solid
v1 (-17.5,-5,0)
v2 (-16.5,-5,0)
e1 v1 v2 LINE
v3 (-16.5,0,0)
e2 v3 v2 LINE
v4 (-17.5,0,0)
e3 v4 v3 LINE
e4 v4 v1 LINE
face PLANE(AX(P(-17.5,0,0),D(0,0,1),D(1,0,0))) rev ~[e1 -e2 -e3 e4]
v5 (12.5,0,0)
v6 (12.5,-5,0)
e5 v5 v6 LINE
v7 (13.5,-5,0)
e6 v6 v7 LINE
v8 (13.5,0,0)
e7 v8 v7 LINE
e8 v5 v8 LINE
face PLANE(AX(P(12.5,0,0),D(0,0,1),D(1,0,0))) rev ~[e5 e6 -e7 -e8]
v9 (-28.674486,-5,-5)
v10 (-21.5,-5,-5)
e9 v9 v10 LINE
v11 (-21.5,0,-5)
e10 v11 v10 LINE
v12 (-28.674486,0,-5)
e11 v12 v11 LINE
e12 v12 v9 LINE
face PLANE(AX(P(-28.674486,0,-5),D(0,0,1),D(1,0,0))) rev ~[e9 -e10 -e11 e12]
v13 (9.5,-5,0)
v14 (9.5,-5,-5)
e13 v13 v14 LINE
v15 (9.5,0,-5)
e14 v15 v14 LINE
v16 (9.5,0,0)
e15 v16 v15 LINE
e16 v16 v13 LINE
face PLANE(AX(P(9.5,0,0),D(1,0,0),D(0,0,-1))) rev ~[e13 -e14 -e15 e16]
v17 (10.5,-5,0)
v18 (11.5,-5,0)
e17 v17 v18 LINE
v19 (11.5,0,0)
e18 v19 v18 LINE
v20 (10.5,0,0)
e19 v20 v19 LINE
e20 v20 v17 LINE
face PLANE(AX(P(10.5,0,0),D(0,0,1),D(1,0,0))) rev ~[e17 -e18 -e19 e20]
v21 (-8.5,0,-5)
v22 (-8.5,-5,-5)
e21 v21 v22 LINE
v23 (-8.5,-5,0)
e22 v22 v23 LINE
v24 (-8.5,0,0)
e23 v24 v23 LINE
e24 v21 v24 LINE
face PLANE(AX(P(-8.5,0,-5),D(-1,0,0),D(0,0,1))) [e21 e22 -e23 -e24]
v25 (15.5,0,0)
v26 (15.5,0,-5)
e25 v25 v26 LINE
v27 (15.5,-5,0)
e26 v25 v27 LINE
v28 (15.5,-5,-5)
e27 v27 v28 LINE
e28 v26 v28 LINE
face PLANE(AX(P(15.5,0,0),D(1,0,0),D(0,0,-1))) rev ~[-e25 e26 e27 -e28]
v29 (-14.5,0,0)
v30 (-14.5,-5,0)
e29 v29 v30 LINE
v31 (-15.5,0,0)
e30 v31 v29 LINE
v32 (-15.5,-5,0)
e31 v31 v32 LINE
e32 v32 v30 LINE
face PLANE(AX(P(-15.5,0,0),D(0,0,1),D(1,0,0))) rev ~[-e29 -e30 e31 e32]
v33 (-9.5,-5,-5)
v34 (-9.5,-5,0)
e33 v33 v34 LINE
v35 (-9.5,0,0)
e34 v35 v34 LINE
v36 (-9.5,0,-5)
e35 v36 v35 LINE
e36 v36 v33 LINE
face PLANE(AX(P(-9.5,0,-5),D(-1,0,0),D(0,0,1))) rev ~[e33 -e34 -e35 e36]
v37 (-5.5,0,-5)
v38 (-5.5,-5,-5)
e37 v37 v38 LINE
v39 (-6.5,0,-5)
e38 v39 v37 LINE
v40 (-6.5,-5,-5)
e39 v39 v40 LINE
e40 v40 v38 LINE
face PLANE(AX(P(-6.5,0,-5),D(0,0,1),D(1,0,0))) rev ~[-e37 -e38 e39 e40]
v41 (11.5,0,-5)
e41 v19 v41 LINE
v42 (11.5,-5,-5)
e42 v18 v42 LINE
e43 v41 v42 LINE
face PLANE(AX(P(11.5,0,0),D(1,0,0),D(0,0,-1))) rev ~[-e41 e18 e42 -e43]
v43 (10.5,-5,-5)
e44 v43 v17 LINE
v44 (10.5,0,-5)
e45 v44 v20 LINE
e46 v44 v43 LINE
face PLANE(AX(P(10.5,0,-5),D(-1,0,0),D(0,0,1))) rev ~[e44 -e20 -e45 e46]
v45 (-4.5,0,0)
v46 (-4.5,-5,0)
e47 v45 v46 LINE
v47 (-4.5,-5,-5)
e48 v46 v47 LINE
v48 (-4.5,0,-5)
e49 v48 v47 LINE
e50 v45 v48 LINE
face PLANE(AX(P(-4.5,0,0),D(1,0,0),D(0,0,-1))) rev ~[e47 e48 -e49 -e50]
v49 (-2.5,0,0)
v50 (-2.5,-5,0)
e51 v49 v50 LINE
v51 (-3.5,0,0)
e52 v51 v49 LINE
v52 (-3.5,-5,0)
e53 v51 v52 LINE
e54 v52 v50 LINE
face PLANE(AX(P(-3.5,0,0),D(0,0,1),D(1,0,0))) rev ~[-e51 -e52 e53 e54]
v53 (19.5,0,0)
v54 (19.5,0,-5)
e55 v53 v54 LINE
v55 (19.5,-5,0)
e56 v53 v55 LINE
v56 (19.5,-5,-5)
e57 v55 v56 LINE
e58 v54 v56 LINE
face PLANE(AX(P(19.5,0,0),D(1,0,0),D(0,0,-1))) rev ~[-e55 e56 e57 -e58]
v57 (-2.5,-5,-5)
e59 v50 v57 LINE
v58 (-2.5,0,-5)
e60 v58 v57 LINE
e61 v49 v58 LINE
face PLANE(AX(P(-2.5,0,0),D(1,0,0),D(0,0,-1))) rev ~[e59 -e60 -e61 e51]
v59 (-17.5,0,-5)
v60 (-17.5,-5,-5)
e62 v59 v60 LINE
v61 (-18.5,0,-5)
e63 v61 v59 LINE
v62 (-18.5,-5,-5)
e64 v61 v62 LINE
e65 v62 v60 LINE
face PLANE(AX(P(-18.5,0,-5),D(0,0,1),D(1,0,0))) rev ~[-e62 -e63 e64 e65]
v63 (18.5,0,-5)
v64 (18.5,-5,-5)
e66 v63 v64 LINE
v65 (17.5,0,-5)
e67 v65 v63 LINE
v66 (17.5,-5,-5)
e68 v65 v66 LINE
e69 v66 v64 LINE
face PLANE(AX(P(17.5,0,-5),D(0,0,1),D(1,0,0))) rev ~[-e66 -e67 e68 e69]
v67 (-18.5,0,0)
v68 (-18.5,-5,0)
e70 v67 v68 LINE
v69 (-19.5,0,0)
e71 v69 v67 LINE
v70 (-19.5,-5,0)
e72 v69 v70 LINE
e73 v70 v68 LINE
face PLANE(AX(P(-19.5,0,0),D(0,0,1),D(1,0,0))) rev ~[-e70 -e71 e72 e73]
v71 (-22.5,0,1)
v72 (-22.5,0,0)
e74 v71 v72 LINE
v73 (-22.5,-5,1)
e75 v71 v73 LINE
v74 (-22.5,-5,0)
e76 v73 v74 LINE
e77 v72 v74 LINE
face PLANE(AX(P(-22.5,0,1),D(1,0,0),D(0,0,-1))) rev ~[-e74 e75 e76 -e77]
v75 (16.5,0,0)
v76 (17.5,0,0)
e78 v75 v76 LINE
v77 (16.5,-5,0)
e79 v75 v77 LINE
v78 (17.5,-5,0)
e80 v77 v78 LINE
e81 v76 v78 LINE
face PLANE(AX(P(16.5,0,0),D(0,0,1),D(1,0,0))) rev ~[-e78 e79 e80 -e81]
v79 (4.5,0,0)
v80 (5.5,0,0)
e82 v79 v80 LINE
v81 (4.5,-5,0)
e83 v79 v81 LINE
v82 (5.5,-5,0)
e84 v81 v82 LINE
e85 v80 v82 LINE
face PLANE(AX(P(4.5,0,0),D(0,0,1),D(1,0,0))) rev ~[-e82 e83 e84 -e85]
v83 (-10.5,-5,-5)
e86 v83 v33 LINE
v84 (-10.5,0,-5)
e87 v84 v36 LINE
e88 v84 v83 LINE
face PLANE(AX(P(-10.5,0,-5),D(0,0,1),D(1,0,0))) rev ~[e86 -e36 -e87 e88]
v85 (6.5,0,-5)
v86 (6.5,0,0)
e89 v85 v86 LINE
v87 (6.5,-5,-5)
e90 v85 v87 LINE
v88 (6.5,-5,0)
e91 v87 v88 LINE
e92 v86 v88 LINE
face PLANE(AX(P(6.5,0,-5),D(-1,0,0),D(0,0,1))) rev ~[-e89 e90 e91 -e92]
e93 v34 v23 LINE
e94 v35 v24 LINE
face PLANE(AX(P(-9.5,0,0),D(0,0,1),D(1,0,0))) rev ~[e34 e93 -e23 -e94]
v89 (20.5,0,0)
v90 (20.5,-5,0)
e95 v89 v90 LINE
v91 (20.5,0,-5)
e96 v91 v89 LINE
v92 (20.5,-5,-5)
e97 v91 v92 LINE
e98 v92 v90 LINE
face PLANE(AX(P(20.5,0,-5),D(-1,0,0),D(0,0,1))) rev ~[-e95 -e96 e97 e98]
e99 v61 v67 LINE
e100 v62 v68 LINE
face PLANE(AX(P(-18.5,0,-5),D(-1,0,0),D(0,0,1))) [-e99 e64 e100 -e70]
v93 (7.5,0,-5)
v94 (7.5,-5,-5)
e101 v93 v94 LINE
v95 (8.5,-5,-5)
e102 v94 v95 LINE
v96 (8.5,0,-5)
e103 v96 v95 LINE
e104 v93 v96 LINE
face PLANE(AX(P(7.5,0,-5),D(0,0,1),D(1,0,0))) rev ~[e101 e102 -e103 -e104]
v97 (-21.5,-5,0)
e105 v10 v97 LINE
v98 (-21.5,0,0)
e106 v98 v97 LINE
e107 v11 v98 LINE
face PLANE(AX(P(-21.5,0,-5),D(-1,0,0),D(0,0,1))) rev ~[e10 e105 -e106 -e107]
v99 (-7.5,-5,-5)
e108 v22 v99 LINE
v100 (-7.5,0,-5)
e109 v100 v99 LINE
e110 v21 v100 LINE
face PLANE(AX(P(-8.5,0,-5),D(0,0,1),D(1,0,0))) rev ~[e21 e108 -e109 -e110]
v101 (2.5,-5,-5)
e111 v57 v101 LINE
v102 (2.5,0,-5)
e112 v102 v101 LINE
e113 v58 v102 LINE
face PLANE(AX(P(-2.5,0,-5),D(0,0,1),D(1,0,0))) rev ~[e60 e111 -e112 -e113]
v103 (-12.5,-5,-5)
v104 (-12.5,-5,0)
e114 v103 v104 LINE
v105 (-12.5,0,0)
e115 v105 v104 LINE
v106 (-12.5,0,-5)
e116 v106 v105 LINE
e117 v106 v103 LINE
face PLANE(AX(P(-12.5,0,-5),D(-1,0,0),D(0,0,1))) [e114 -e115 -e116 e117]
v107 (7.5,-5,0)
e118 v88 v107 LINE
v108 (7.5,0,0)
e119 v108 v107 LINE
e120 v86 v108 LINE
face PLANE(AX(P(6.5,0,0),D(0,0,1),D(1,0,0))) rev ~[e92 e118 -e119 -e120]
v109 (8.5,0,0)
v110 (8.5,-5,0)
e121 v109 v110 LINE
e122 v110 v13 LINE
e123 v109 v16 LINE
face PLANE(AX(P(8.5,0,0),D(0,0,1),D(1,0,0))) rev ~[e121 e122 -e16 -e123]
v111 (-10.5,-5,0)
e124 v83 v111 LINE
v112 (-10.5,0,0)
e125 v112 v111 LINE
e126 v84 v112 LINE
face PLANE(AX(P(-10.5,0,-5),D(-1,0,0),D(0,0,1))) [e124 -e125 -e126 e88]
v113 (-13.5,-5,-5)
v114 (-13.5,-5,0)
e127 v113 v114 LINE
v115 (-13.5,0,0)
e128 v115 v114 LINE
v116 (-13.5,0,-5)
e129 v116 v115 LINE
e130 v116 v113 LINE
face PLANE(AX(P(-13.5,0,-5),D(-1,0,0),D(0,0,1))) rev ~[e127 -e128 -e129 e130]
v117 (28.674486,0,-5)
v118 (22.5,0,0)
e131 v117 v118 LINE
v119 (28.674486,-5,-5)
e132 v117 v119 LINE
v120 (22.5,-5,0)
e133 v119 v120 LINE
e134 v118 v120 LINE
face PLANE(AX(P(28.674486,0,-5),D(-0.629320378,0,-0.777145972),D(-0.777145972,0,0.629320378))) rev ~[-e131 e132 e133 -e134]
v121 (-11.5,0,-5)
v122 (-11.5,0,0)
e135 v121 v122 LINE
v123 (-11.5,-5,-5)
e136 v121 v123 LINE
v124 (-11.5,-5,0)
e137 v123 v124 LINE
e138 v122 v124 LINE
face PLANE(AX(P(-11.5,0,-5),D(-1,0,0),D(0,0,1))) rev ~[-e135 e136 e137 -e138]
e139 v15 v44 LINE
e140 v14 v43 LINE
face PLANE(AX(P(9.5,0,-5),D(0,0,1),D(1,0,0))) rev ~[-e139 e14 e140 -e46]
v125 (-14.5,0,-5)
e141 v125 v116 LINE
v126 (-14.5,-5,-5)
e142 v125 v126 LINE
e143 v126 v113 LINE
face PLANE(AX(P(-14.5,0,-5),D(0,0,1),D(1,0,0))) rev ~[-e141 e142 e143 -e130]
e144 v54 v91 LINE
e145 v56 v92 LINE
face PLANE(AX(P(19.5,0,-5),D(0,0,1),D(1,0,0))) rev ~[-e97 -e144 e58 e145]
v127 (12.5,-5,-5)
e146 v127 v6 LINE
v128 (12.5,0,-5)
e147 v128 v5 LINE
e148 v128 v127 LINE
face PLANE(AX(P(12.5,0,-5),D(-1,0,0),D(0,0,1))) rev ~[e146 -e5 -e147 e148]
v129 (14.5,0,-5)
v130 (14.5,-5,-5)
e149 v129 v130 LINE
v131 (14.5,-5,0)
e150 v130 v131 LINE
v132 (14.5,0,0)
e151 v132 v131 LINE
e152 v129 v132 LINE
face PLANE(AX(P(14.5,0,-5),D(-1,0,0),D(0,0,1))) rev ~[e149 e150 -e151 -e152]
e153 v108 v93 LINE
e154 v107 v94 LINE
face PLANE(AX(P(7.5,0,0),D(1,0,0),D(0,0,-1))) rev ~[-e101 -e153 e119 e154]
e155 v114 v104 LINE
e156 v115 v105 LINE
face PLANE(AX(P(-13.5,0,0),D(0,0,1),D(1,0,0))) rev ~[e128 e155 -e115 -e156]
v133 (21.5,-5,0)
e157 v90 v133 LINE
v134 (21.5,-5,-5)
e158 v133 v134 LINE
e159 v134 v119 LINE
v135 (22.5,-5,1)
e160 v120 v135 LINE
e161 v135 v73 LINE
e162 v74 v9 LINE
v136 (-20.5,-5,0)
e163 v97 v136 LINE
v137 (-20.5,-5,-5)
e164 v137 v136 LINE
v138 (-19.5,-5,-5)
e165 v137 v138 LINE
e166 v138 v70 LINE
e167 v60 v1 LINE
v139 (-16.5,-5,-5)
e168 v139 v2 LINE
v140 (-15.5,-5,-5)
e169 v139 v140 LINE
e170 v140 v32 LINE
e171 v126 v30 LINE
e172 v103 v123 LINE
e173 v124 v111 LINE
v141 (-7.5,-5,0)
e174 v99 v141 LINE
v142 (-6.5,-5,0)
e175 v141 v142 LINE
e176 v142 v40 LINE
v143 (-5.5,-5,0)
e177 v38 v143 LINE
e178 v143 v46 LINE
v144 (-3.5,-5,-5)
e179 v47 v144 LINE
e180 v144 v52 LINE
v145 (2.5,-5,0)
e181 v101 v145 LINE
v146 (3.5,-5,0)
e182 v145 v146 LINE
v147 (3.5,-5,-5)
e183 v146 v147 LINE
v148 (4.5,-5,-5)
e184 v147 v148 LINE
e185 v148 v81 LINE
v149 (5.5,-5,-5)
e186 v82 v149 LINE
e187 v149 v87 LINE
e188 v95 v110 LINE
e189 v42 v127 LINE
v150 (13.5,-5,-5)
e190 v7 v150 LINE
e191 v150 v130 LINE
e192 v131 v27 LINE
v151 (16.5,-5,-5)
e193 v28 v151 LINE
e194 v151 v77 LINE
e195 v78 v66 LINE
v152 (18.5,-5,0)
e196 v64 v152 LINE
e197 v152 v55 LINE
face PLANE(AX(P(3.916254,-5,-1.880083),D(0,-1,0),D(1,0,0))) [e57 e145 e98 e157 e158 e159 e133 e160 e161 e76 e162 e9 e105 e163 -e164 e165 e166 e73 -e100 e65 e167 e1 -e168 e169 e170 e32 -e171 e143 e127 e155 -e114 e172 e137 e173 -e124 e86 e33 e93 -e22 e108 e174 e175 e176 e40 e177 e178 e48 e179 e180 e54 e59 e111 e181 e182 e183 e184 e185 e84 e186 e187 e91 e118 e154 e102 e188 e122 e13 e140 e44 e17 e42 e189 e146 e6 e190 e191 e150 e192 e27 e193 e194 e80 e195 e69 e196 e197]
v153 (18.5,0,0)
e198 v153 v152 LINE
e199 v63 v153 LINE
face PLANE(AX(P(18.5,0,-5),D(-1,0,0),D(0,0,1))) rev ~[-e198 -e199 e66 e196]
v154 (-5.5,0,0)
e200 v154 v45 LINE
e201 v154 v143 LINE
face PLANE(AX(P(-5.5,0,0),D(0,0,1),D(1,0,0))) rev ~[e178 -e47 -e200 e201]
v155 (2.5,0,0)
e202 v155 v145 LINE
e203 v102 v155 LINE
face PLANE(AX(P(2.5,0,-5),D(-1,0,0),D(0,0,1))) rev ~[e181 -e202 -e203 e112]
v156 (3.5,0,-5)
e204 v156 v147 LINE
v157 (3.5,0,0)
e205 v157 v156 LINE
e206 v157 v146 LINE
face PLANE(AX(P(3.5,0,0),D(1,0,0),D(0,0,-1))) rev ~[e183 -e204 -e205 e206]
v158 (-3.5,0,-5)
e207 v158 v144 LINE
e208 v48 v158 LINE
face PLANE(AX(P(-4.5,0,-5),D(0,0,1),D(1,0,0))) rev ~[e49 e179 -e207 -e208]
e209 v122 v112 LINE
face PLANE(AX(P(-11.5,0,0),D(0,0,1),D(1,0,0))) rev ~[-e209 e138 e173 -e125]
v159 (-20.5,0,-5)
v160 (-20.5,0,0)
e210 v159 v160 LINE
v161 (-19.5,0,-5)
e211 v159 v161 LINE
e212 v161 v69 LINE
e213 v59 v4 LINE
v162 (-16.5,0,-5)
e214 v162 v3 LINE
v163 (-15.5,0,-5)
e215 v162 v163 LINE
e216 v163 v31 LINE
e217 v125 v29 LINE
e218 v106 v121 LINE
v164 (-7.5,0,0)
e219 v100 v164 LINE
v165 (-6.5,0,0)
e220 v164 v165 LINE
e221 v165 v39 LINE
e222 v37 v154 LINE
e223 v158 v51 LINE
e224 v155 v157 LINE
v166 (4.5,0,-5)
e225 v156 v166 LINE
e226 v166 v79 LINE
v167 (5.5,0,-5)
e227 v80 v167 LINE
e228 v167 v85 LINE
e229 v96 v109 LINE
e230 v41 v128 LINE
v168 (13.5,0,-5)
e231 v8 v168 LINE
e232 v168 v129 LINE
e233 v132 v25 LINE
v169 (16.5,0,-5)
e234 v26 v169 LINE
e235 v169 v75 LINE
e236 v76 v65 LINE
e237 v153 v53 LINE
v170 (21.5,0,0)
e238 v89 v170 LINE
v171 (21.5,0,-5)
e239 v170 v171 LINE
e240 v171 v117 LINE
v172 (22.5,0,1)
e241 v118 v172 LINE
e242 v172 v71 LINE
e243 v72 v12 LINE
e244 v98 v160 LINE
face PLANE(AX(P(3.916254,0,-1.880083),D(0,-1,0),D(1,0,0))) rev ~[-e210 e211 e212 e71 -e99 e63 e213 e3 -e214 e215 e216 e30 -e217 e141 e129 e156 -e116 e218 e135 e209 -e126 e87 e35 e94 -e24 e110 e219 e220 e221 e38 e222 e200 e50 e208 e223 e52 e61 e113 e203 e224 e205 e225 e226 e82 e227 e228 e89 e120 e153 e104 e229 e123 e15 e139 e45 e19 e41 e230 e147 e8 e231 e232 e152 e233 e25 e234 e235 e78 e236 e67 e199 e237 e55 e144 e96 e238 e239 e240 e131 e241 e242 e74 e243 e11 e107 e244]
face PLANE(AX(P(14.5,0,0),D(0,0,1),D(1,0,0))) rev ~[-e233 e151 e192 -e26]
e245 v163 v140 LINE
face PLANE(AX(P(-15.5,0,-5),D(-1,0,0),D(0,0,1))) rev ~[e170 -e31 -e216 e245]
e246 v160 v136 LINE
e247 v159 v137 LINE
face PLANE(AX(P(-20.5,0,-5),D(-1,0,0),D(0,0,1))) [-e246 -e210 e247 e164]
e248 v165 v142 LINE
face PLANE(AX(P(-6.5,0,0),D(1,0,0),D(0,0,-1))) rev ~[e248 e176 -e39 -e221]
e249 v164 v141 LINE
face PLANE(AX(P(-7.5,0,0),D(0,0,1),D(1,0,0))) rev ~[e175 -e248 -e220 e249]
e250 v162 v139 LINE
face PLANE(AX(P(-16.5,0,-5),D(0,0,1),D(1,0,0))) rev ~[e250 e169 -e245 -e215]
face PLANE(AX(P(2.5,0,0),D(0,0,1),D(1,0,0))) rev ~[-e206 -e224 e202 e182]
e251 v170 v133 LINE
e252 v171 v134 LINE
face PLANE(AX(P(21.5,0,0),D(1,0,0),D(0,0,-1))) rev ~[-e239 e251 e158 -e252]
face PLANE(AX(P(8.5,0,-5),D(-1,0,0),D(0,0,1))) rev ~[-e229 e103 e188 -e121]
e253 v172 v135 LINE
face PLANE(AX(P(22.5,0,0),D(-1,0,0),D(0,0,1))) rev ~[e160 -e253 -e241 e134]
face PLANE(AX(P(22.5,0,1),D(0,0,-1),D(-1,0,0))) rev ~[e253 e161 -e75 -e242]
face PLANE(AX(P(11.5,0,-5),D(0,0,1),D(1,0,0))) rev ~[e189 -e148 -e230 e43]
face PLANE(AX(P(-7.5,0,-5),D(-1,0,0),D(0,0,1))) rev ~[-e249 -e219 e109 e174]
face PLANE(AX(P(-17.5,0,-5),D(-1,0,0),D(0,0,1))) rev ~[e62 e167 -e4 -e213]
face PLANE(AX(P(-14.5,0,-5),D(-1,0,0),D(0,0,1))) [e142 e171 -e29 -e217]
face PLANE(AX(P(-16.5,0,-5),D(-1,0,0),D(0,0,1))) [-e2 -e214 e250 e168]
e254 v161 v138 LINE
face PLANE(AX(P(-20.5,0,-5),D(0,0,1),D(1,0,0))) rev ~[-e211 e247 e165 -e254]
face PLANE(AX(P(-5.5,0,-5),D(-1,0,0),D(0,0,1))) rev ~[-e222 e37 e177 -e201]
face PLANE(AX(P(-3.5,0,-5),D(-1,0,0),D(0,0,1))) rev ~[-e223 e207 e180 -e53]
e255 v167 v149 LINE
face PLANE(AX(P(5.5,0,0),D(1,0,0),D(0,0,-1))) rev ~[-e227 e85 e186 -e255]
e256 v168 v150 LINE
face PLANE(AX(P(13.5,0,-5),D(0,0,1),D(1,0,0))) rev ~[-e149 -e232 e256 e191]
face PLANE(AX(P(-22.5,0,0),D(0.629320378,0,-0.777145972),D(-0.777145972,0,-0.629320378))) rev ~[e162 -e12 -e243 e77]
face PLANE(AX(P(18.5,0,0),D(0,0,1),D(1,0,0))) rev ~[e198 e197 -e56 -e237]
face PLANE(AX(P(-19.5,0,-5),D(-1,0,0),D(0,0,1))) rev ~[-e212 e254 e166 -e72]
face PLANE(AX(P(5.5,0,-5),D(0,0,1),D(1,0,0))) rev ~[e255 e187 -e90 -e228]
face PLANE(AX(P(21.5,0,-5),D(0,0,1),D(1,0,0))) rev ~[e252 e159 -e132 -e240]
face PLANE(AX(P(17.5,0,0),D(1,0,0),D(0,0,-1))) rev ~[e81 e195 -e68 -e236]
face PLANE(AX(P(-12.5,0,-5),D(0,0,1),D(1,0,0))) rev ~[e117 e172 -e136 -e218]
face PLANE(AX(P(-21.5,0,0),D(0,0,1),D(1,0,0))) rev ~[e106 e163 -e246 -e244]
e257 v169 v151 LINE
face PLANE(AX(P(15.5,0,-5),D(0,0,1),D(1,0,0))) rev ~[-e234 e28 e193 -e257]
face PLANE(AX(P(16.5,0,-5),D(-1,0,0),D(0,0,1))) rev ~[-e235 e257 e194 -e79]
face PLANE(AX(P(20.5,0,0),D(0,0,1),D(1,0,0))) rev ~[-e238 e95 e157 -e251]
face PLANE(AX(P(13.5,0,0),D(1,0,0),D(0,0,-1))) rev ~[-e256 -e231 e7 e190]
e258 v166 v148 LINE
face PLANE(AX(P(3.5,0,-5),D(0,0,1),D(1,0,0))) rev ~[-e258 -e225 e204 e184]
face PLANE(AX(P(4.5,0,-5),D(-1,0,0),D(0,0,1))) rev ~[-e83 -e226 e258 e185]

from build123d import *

# Parameters (mm, degrees)
F0_W     = 1
F0_H     = 5
F1_DEPTH = 5


with BuildPart() as f1:
    # F0 (on Front) → F1 (new body)
    with BuildSketch(Plane.XZ):
        Polygon((-21.5, -5), (-21.5, 0), (-20.5, 0), (-19.5, 0), (-18.5, 0), (-17.5, 0), (-16.5, 0), (-15.5, 0), (-14.5, 0), (-13.5, 0), (-12.5, 0), (-11.5, 0), (-10.5, 0), (-9.5, 0), (-8.5, 0), (-7.5, 0), (-6.5, 0), (-6.5, -5), (-5.5, -5), (-5.5, 0), (-4.5, 0), (-4.5, -5), (-3.5, -5), (-3.5, 0), (-2.5, 0), (-2.5, -5), (2.5, -5), (2.5, 0), (3.5, 0), (3.5, -5), (4.5, -5), (4.5, 0), (5.5, 0), (5.5, -5), (6.5, -5), (6.5, 0), (7.5, 0), (7.5, -5), (8.5, -5), (8.5, 0), (9.5, 0), (9.5, -5), (10.5, -5), (10.5, 0), (11.5, 0), (11.5, -5), (12.5, -5), (12.5, 0), (13.5, 0), (13.5, -5), (14.5, -5), (14.5, 0), (15.5, 0), (15.5, -5), (16.5, -5), (16.5, 0), (17.5, 0), (17.5, -5), (18.5, -5), (18.5, 0), (19.5, 0), (19.5, -5), (20.5, -5), (20.5, 0), (21.5, 0), (21.5, -5), (28.674486, -5), (22.5, 0), (22.5, 1), (-22.5, 1), (-22.5, 0), (-28.674486, -5), align=None)
        with Locations((-20, -2.5)):
            Rectangle(F0_W, F0_H)
        with Locations((-18, -2.5)):
            Rectangle(F0_W, F0_H)
        with Locations((-16, -2.5)):
            Rectangle(F0_W, F0_H)
        with Locations((-14, -2.5)):
            Rectangle(F0_W, F0_H)
        with Locations((-12, -2.5)):
            Rectangle(F0_W, F0_H)
        with Locations((-10, -2.5)):
            Rectangle(F0_W, F0_H)
        with Locations((-8, -2.5)):
            Rectangle(F0_W, F0_H)
    extrude(amount=F1_DEPTH)


solid = f1.part
